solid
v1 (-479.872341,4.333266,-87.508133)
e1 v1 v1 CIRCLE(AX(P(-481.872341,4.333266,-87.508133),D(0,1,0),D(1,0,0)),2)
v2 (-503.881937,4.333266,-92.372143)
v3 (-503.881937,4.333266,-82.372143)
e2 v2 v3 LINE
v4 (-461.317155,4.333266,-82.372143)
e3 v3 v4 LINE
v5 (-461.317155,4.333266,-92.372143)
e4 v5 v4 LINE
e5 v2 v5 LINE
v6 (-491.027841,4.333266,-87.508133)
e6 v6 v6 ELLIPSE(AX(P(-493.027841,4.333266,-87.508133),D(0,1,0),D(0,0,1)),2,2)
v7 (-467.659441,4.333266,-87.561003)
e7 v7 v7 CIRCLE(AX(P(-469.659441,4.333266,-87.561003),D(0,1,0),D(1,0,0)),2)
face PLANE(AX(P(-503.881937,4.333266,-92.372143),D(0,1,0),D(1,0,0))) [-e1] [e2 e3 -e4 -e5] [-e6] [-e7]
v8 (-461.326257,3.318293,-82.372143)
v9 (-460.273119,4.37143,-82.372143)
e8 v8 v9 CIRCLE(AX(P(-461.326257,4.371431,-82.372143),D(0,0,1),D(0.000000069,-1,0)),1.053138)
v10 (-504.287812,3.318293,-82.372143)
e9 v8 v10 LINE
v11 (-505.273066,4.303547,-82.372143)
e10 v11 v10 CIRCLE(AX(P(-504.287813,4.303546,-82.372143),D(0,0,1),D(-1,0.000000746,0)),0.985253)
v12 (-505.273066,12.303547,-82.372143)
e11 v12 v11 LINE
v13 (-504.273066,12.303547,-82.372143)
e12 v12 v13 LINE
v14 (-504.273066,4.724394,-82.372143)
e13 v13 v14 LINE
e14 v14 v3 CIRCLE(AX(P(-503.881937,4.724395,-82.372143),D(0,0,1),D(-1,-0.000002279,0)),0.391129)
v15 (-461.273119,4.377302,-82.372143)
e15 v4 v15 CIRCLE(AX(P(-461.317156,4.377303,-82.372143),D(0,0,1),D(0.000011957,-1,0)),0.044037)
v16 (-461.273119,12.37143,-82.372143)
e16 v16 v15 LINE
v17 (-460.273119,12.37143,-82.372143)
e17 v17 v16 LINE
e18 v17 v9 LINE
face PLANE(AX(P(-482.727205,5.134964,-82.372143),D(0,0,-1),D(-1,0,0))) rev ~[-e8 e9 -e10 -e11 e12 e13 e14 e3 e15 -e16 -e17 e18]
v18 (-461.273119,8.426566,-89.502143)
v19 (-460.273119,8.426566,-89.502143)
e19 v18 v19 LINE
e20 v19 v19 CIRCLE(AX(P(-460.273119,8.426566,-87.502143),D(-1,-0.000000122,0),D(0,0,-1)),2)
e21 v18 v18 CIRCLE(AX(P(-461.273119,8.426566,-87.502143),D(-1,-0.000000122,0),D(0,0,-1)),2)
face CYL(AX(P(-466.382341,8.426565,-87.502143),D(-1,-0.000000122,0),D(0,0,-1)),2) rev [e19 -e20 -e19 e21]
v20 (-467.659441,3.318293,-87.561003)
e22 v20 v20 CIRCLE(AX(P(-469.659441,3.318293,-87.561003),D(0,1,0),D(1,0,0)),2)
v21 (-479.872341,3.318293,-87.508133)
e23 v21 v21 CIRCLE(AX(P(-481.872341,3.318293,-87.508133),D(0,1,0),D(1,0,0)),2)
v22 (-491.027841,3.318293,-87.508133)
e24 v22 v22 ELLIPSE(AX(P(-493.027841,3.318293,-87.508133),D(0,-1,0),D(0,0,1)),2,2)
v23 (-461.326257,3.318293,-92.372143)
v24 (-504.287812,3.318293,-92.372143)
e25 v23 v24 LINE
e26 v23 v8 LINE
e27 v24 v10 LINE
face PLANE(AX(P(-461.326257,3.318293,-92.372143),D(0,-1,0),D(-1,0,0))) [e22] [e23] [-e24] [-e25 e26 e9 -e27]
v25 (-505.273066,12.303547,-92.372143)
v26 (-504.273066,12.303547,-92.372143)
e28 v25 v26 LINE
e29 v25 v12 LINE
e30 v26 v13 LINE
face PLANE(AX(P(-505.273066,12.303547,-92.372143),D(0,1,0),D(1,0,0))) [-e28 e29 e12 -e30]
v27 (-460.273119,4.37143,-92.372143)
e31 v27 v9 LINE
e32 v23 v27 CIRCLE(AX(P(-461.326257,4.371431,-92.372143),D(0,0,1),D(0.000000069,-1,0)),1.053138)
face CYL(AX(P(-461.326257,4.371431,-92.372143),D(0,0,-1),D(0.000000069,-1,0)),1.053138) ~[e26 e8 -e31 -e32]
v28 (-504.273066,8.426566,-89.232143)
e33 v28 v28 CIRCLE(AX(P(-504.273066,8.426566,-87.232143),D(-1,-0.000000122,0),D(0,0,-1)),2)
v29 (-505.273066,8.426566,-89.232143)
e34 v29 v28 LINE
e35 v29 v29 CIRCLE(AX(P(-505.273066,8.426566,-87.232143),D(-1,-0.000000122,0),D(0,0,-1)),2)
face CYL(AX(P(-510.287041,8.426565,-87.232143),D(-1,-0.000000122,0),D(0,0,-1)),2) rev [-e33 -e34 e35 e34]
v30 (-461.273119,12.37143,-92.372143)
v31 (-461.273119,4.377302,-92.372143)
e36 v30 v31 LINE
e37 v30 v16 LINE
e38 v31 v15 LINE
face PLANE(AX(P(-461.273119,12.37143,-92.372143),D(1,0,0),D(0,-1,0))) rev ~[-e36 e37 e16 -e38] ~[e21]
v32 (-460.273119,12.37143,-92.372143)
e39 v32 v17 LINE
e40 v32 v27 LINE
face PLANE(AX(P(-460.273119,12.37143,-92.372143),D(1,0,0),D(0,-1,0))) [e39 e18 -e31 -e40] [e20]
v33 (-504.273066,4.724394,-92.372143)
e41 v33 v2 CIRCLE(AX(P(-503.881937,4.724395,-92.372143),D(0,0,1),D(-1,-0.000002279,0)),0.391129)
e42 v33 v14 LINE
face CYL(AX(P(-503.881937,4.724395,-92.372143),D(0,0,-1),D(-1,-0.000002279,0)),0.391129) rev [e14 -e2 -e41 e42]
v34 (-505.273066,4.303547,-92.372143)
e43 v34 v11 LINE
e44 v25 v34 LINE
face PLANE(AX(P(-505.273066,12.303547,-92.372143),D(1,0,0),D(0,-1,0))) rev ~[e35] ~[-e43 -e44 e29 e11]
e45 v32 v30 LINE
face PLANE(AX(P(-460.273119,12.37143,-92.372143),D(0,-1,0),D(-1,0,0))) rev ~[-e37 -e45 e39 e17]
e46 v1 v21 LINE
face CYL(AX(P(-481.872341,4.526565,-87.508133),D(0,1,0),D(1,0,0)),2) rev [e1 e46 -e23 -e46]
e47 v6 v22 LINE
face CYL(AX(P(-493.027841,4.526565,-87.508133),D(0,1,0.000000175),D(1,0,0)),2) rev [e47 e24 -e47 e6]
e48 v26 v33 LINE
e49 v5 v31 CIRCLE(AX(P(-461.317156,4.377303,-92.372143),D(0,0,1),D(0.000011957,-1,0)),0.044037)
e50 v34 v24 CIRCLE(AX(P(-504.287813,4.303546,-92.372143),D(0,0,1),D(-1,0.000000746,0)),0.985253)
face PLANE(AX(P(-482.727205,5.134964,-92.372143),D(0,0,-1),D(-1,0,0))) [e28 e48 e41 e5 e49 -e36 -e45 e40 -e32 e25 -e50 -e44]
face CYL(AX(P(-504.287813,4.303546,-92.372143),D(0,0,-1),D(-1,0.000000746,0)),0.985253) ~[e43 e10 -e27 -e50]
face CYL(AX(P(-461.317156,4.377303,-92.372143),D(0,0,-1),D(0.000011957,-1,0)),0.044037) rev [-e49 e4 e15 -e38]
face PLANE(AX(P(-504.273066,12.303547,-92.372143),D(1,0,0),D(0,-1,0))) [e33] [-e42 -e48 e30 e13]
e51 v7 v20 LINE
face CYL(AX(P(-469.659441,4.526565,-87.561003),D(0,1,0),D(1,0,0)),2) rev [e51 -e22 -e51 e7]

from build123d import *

# Parameters (mm, degrees)
CYLINDER030_R               = 2
CYLINDER030_DEPTH           = 10
CYLINDER030_PITCH_ANGLE     = 90
CYLINDER030_PLACEMENT_ANGLE = 7e-06
CYLINDER031_R               = 2
CYLINDER031_DEPTH           = 10
CYLINDER031_PITCH_ANGLE     = 90
CYLINDER031_PLACEMENT_ANGLE = 7e-06
CYLINDER026_R               = 2
CYLINDER026_DEPTH           = 2
CYLINDER026_ROLL_ANGLE      = -88.507054
CYLINDER026_PITCH_ANGLE     = -87.01751
CYLINDER026_PLACEMENT_ANGLE = -92.244015
CYLINDER028_R               = 2
CYLINDER028_DEPTH           = 2
CYLINDER028_PLACEMENT_ANGLE = 90.00001
CYLINDER029_R               = 2
CYLINDER029_DEPTH           = 2
CYLINDER029_ROLL_ANGLE      = 90
CYLINDER027_R               = 2
CYLINDER027_DEPTH           = 2
CYLINDER027_ROLL_ANGLE      = 90
CYLINDER025_R               = 2
CYLINDER025_DEPTH           = 2
CYLINDER025_ROLL_ANGLE      = -88.507054
CYLINDER025_PITCH_ANGLE     = -87.01751
CYLINDER025_PLACEMENT_ANGLE = -92.244015
PAD006_DEPTH                = 10


with BuildPart() as cylinder030:
    # Cylinder030 → Cylinder030 (new body)
    with BuildSketch(Plane.XY):
        Circle(CYLINDER030_R)
    extrude(amount=CYLINDER030_DEPTH)


with BuildPart() as cylinder030_1:
    # Cylinder030 pitch: moved
    add(cylinder030.part.rotate(Axis((0, 0, 0), (0, 1, 0)), CYLINDER030_PITCH_ANGLE))


with BuildPart() as cylinder030_2:
    # Cylinder030 placement: moved
    add(cylinder030_1.part.moved(Location((15.49, 3.9, 4.87))).rotate(Axis((15.49, 3.9, 4.87), (0, 0, 1)), CYLINDER030_PLACEMENT_ANGLE))


with BuildPart() as cylinder031:
    # Cylinder031 → Cylinder031 (new body)
    with BuildSketch(Plane.XY):
        Circle(CYLINDER031_R)
    extrude(amount=CYLINDER031_DEPTH)


with BuildPart() as cylinder031_1:
    # Cylinder031 pitch: moved
    add(cylinder031.part.rotate(Axis((0, 0, 0), (0, 1, 0)), CYLINDER031_PITCH_ANGLE))


with BuildPart() as cylinder031_2:
    # Cylinder031 placement: moved
    add(cylinder031_1.part.moved(Location((-28.4147, 3.9, 5.14))).rotate(Axis((-28.4147, 3.9, 5.14), (0, 0, 1)), CYLINDER031_PLACEMENT_ANGLE))


with BuildPart() as cylinder026:
    # Cylinder026 → Cylinder026 (new body)
    with BuildSketch(Plane.XY):
        Circle(CYLINDER026_R)
    extrude(amount=CYLINDER026_DEPTH)


with BuildPart() as cylinder026_1:
    # Cylinder026 roll: moved
    add(cylinder026.part.rotate(Axis((0, 0, 0), (1, 0, 0)), CYLINDER026_ROLL_ANGLE))


with BuildPart() as cylinder026_2:
    # Cylinder026 pitch: moved
    add(cylinder026_1.part.rotate(Axis((0, 0, 0), (0, 1, 0)), CYLINDER026_PITCH_ANGLE))


with BuildPart() as cylinder026_3:
    # Cylinder026 placement: moved
    add(cylinder026_2.part.moved(Location((-26, 5.29, 4.9))).rotate(Axis((-26, 5.29, 4.9), (0, 0, 1)), CYLINDER026_PLACEMENT_ANGLE))


with BuildPart() as cylinder028:
    # Cylinder028 → Cylinder028 (new body)
    with BuildSketch(Plane.XY):
        Circle(CYLINDER028_R)
    extrude(amount=CYLINDER028_DEPTH)


with BuildPart() as cylinder028_1:
    # Cylinder028 placement: moved
    add(cylinder028.part.moved(Location((-11.1555, 0, 4.86401))).rotate(Axis((-11.1555, 0, 4.86401), (1, 0, 0)), CYLINDER028_PLACEMENT_ANGLE))


with BuildPart() as cylinder029:
    # Cylinder029 → Cylinder029 (new body)
    with BuildSketch(Plane.XY):
        Circle(CYLINDER029_R)
    extrude(amount=CYLINDER029_DEPTH)


with BuildPart() as cylinder029_1:
    # Cylinder029 roll: moved
    add(cylinder029.part.rotate(Axis((0, 0, 0), (1, 0, 0)), CYLINDER029_ROLL_ANGLE))


with BuildPart() as cylinder029_2:
    # Cylinder029 placement: moved
    add(cylinder029_1.part.moved(Location((0, 0, 4.86401))))


with BuildPart() as cylinder027:
    # Cylinder027 → Cylinder027 (new body)
    with BuildSketch(Plane.XY):
        Circle(CYLINDER027_R)
    extrude(amount=CYLINDER027_DEPTH)


with BuildPart() as cylinder027_1:
    # Cylinder027 roll: moved
    add(cylinder027.part.rotate(Axis((0, 0, 0), (1, 0, 0)), CYLINDER027_ROLL_ANGLE))


with BuildPart() as cylinder027_2:
    # Cylinder027 placement: moved
    add(cylinder027_1.part.moved(Location((12.2129, 0, 4.81114))))


with BuildPart() as cylinder025:
    # Cylinder025 → Cylinder025 (new body)
    with BuildSketch(Plane.XY):
        Circle(CYLINDER025_R)
    extrude(amount=CYLINDER025_DEPTH)


with BuildPart() as cylinder025_1:
    # Cylinder025 roll: moved
    add(cylinder025.part.rotate(Axis((0, 0, 0), (1, 0, 0)), CYLINDER025_ROLL_ANGLE))


with BuildPart() as cylinder025_2:
    # Cylinder025 pitch: moved
    add(cylinder025_1.part.rotate(Axis((0, 0, 0), (0, 1, 0)), CYLINDER025_PITCH_ANGLE))


with BuildPart() as cylinder025_3:
    # Cylinder025 placement: moved
    add(cylinder025_2.part.moved(Location((25, 5.38, 4.9))).rotate(Axis((25, 5.38, 4.9), (0, 0, 1)), CYLINDER025_PLACEMENT_ANGLE))


with BuildPart() as cut019:
    # Sketch007 → Pad006 (new body)
    with BuildSketch(Plane.XY):
        with BuildLine():
            Line((20.546084, -1.208272), (-22.415471, -1.208272))
            ThreePointArc((-23.400725, -0.223018), (-23.112151, -0.919698), (-22.415471, -1.208272))
            Line((-23.400725, 7.776982), (-23.400725, -0.223018))
            Line((-23.400725, 7.776982), (-22.400725, 7.776982))
            Line((-22.400725, 7.776982), (-22.400725, 0.197829))
            ThreePointArc((-22.400725, 0.197829), (-22.286166, -0.07874), (-22.009596, -0.193299))
            Line((-22.009596, -0.193299), (20.555186, -0.193299))
            ThreePointArc((20.555186, -0.193299), (20.586324, -0.180401), (20.599222, -0.149263))
            Line((20.599222, 7.844865), (20.599222, -0.149263))
            Line((21.599222, 7.844865), (20.599222, 7.844865))
            Line((21.599222, 7.844865), (21.599222, -0.155135))
            ThreePointArc((20.546084, -1.208272), (21.290765, -0.899815), (21.599222, -0.155135))
        make_face()
    extrude(amount=PAD006_DEPTH)

    # Cut005: cut Cylinder025
    add(cylinder025_3.part, mode=Mode.SUBTRACT)

    # Cut006: cut Cylinder027
    add(cylinder027_2.part, mode=Mode.SUBTRACT)

    # Cut007: cut Cylinder029
    add(cylinder029_2.part, mode=Mode.SUBTRACT)

    # Cut008: cut Cylinder028
    add(cylinder028_1.part, mode=Mode.SUBTRACT)

    # Cut009: cut Cylinder026
    add(cylinder026_3.part, mode=Mode.SUBTRACT)

    # Cut018: cut Cylinder031
    add(cylinder031_2.part, mode=Mode.SUBTRACT)

    # Cut019: cut Cylinder030
    add(cylinder030_2.part, mode=Mode.SUBTRACT)


with BuildPart() as cut019_1:
    # Cut019 placement: moved
    add(cut019.part.moved(Location((-481.872341, 4.526565, -92.372143))))


solid = cut019_1.part
